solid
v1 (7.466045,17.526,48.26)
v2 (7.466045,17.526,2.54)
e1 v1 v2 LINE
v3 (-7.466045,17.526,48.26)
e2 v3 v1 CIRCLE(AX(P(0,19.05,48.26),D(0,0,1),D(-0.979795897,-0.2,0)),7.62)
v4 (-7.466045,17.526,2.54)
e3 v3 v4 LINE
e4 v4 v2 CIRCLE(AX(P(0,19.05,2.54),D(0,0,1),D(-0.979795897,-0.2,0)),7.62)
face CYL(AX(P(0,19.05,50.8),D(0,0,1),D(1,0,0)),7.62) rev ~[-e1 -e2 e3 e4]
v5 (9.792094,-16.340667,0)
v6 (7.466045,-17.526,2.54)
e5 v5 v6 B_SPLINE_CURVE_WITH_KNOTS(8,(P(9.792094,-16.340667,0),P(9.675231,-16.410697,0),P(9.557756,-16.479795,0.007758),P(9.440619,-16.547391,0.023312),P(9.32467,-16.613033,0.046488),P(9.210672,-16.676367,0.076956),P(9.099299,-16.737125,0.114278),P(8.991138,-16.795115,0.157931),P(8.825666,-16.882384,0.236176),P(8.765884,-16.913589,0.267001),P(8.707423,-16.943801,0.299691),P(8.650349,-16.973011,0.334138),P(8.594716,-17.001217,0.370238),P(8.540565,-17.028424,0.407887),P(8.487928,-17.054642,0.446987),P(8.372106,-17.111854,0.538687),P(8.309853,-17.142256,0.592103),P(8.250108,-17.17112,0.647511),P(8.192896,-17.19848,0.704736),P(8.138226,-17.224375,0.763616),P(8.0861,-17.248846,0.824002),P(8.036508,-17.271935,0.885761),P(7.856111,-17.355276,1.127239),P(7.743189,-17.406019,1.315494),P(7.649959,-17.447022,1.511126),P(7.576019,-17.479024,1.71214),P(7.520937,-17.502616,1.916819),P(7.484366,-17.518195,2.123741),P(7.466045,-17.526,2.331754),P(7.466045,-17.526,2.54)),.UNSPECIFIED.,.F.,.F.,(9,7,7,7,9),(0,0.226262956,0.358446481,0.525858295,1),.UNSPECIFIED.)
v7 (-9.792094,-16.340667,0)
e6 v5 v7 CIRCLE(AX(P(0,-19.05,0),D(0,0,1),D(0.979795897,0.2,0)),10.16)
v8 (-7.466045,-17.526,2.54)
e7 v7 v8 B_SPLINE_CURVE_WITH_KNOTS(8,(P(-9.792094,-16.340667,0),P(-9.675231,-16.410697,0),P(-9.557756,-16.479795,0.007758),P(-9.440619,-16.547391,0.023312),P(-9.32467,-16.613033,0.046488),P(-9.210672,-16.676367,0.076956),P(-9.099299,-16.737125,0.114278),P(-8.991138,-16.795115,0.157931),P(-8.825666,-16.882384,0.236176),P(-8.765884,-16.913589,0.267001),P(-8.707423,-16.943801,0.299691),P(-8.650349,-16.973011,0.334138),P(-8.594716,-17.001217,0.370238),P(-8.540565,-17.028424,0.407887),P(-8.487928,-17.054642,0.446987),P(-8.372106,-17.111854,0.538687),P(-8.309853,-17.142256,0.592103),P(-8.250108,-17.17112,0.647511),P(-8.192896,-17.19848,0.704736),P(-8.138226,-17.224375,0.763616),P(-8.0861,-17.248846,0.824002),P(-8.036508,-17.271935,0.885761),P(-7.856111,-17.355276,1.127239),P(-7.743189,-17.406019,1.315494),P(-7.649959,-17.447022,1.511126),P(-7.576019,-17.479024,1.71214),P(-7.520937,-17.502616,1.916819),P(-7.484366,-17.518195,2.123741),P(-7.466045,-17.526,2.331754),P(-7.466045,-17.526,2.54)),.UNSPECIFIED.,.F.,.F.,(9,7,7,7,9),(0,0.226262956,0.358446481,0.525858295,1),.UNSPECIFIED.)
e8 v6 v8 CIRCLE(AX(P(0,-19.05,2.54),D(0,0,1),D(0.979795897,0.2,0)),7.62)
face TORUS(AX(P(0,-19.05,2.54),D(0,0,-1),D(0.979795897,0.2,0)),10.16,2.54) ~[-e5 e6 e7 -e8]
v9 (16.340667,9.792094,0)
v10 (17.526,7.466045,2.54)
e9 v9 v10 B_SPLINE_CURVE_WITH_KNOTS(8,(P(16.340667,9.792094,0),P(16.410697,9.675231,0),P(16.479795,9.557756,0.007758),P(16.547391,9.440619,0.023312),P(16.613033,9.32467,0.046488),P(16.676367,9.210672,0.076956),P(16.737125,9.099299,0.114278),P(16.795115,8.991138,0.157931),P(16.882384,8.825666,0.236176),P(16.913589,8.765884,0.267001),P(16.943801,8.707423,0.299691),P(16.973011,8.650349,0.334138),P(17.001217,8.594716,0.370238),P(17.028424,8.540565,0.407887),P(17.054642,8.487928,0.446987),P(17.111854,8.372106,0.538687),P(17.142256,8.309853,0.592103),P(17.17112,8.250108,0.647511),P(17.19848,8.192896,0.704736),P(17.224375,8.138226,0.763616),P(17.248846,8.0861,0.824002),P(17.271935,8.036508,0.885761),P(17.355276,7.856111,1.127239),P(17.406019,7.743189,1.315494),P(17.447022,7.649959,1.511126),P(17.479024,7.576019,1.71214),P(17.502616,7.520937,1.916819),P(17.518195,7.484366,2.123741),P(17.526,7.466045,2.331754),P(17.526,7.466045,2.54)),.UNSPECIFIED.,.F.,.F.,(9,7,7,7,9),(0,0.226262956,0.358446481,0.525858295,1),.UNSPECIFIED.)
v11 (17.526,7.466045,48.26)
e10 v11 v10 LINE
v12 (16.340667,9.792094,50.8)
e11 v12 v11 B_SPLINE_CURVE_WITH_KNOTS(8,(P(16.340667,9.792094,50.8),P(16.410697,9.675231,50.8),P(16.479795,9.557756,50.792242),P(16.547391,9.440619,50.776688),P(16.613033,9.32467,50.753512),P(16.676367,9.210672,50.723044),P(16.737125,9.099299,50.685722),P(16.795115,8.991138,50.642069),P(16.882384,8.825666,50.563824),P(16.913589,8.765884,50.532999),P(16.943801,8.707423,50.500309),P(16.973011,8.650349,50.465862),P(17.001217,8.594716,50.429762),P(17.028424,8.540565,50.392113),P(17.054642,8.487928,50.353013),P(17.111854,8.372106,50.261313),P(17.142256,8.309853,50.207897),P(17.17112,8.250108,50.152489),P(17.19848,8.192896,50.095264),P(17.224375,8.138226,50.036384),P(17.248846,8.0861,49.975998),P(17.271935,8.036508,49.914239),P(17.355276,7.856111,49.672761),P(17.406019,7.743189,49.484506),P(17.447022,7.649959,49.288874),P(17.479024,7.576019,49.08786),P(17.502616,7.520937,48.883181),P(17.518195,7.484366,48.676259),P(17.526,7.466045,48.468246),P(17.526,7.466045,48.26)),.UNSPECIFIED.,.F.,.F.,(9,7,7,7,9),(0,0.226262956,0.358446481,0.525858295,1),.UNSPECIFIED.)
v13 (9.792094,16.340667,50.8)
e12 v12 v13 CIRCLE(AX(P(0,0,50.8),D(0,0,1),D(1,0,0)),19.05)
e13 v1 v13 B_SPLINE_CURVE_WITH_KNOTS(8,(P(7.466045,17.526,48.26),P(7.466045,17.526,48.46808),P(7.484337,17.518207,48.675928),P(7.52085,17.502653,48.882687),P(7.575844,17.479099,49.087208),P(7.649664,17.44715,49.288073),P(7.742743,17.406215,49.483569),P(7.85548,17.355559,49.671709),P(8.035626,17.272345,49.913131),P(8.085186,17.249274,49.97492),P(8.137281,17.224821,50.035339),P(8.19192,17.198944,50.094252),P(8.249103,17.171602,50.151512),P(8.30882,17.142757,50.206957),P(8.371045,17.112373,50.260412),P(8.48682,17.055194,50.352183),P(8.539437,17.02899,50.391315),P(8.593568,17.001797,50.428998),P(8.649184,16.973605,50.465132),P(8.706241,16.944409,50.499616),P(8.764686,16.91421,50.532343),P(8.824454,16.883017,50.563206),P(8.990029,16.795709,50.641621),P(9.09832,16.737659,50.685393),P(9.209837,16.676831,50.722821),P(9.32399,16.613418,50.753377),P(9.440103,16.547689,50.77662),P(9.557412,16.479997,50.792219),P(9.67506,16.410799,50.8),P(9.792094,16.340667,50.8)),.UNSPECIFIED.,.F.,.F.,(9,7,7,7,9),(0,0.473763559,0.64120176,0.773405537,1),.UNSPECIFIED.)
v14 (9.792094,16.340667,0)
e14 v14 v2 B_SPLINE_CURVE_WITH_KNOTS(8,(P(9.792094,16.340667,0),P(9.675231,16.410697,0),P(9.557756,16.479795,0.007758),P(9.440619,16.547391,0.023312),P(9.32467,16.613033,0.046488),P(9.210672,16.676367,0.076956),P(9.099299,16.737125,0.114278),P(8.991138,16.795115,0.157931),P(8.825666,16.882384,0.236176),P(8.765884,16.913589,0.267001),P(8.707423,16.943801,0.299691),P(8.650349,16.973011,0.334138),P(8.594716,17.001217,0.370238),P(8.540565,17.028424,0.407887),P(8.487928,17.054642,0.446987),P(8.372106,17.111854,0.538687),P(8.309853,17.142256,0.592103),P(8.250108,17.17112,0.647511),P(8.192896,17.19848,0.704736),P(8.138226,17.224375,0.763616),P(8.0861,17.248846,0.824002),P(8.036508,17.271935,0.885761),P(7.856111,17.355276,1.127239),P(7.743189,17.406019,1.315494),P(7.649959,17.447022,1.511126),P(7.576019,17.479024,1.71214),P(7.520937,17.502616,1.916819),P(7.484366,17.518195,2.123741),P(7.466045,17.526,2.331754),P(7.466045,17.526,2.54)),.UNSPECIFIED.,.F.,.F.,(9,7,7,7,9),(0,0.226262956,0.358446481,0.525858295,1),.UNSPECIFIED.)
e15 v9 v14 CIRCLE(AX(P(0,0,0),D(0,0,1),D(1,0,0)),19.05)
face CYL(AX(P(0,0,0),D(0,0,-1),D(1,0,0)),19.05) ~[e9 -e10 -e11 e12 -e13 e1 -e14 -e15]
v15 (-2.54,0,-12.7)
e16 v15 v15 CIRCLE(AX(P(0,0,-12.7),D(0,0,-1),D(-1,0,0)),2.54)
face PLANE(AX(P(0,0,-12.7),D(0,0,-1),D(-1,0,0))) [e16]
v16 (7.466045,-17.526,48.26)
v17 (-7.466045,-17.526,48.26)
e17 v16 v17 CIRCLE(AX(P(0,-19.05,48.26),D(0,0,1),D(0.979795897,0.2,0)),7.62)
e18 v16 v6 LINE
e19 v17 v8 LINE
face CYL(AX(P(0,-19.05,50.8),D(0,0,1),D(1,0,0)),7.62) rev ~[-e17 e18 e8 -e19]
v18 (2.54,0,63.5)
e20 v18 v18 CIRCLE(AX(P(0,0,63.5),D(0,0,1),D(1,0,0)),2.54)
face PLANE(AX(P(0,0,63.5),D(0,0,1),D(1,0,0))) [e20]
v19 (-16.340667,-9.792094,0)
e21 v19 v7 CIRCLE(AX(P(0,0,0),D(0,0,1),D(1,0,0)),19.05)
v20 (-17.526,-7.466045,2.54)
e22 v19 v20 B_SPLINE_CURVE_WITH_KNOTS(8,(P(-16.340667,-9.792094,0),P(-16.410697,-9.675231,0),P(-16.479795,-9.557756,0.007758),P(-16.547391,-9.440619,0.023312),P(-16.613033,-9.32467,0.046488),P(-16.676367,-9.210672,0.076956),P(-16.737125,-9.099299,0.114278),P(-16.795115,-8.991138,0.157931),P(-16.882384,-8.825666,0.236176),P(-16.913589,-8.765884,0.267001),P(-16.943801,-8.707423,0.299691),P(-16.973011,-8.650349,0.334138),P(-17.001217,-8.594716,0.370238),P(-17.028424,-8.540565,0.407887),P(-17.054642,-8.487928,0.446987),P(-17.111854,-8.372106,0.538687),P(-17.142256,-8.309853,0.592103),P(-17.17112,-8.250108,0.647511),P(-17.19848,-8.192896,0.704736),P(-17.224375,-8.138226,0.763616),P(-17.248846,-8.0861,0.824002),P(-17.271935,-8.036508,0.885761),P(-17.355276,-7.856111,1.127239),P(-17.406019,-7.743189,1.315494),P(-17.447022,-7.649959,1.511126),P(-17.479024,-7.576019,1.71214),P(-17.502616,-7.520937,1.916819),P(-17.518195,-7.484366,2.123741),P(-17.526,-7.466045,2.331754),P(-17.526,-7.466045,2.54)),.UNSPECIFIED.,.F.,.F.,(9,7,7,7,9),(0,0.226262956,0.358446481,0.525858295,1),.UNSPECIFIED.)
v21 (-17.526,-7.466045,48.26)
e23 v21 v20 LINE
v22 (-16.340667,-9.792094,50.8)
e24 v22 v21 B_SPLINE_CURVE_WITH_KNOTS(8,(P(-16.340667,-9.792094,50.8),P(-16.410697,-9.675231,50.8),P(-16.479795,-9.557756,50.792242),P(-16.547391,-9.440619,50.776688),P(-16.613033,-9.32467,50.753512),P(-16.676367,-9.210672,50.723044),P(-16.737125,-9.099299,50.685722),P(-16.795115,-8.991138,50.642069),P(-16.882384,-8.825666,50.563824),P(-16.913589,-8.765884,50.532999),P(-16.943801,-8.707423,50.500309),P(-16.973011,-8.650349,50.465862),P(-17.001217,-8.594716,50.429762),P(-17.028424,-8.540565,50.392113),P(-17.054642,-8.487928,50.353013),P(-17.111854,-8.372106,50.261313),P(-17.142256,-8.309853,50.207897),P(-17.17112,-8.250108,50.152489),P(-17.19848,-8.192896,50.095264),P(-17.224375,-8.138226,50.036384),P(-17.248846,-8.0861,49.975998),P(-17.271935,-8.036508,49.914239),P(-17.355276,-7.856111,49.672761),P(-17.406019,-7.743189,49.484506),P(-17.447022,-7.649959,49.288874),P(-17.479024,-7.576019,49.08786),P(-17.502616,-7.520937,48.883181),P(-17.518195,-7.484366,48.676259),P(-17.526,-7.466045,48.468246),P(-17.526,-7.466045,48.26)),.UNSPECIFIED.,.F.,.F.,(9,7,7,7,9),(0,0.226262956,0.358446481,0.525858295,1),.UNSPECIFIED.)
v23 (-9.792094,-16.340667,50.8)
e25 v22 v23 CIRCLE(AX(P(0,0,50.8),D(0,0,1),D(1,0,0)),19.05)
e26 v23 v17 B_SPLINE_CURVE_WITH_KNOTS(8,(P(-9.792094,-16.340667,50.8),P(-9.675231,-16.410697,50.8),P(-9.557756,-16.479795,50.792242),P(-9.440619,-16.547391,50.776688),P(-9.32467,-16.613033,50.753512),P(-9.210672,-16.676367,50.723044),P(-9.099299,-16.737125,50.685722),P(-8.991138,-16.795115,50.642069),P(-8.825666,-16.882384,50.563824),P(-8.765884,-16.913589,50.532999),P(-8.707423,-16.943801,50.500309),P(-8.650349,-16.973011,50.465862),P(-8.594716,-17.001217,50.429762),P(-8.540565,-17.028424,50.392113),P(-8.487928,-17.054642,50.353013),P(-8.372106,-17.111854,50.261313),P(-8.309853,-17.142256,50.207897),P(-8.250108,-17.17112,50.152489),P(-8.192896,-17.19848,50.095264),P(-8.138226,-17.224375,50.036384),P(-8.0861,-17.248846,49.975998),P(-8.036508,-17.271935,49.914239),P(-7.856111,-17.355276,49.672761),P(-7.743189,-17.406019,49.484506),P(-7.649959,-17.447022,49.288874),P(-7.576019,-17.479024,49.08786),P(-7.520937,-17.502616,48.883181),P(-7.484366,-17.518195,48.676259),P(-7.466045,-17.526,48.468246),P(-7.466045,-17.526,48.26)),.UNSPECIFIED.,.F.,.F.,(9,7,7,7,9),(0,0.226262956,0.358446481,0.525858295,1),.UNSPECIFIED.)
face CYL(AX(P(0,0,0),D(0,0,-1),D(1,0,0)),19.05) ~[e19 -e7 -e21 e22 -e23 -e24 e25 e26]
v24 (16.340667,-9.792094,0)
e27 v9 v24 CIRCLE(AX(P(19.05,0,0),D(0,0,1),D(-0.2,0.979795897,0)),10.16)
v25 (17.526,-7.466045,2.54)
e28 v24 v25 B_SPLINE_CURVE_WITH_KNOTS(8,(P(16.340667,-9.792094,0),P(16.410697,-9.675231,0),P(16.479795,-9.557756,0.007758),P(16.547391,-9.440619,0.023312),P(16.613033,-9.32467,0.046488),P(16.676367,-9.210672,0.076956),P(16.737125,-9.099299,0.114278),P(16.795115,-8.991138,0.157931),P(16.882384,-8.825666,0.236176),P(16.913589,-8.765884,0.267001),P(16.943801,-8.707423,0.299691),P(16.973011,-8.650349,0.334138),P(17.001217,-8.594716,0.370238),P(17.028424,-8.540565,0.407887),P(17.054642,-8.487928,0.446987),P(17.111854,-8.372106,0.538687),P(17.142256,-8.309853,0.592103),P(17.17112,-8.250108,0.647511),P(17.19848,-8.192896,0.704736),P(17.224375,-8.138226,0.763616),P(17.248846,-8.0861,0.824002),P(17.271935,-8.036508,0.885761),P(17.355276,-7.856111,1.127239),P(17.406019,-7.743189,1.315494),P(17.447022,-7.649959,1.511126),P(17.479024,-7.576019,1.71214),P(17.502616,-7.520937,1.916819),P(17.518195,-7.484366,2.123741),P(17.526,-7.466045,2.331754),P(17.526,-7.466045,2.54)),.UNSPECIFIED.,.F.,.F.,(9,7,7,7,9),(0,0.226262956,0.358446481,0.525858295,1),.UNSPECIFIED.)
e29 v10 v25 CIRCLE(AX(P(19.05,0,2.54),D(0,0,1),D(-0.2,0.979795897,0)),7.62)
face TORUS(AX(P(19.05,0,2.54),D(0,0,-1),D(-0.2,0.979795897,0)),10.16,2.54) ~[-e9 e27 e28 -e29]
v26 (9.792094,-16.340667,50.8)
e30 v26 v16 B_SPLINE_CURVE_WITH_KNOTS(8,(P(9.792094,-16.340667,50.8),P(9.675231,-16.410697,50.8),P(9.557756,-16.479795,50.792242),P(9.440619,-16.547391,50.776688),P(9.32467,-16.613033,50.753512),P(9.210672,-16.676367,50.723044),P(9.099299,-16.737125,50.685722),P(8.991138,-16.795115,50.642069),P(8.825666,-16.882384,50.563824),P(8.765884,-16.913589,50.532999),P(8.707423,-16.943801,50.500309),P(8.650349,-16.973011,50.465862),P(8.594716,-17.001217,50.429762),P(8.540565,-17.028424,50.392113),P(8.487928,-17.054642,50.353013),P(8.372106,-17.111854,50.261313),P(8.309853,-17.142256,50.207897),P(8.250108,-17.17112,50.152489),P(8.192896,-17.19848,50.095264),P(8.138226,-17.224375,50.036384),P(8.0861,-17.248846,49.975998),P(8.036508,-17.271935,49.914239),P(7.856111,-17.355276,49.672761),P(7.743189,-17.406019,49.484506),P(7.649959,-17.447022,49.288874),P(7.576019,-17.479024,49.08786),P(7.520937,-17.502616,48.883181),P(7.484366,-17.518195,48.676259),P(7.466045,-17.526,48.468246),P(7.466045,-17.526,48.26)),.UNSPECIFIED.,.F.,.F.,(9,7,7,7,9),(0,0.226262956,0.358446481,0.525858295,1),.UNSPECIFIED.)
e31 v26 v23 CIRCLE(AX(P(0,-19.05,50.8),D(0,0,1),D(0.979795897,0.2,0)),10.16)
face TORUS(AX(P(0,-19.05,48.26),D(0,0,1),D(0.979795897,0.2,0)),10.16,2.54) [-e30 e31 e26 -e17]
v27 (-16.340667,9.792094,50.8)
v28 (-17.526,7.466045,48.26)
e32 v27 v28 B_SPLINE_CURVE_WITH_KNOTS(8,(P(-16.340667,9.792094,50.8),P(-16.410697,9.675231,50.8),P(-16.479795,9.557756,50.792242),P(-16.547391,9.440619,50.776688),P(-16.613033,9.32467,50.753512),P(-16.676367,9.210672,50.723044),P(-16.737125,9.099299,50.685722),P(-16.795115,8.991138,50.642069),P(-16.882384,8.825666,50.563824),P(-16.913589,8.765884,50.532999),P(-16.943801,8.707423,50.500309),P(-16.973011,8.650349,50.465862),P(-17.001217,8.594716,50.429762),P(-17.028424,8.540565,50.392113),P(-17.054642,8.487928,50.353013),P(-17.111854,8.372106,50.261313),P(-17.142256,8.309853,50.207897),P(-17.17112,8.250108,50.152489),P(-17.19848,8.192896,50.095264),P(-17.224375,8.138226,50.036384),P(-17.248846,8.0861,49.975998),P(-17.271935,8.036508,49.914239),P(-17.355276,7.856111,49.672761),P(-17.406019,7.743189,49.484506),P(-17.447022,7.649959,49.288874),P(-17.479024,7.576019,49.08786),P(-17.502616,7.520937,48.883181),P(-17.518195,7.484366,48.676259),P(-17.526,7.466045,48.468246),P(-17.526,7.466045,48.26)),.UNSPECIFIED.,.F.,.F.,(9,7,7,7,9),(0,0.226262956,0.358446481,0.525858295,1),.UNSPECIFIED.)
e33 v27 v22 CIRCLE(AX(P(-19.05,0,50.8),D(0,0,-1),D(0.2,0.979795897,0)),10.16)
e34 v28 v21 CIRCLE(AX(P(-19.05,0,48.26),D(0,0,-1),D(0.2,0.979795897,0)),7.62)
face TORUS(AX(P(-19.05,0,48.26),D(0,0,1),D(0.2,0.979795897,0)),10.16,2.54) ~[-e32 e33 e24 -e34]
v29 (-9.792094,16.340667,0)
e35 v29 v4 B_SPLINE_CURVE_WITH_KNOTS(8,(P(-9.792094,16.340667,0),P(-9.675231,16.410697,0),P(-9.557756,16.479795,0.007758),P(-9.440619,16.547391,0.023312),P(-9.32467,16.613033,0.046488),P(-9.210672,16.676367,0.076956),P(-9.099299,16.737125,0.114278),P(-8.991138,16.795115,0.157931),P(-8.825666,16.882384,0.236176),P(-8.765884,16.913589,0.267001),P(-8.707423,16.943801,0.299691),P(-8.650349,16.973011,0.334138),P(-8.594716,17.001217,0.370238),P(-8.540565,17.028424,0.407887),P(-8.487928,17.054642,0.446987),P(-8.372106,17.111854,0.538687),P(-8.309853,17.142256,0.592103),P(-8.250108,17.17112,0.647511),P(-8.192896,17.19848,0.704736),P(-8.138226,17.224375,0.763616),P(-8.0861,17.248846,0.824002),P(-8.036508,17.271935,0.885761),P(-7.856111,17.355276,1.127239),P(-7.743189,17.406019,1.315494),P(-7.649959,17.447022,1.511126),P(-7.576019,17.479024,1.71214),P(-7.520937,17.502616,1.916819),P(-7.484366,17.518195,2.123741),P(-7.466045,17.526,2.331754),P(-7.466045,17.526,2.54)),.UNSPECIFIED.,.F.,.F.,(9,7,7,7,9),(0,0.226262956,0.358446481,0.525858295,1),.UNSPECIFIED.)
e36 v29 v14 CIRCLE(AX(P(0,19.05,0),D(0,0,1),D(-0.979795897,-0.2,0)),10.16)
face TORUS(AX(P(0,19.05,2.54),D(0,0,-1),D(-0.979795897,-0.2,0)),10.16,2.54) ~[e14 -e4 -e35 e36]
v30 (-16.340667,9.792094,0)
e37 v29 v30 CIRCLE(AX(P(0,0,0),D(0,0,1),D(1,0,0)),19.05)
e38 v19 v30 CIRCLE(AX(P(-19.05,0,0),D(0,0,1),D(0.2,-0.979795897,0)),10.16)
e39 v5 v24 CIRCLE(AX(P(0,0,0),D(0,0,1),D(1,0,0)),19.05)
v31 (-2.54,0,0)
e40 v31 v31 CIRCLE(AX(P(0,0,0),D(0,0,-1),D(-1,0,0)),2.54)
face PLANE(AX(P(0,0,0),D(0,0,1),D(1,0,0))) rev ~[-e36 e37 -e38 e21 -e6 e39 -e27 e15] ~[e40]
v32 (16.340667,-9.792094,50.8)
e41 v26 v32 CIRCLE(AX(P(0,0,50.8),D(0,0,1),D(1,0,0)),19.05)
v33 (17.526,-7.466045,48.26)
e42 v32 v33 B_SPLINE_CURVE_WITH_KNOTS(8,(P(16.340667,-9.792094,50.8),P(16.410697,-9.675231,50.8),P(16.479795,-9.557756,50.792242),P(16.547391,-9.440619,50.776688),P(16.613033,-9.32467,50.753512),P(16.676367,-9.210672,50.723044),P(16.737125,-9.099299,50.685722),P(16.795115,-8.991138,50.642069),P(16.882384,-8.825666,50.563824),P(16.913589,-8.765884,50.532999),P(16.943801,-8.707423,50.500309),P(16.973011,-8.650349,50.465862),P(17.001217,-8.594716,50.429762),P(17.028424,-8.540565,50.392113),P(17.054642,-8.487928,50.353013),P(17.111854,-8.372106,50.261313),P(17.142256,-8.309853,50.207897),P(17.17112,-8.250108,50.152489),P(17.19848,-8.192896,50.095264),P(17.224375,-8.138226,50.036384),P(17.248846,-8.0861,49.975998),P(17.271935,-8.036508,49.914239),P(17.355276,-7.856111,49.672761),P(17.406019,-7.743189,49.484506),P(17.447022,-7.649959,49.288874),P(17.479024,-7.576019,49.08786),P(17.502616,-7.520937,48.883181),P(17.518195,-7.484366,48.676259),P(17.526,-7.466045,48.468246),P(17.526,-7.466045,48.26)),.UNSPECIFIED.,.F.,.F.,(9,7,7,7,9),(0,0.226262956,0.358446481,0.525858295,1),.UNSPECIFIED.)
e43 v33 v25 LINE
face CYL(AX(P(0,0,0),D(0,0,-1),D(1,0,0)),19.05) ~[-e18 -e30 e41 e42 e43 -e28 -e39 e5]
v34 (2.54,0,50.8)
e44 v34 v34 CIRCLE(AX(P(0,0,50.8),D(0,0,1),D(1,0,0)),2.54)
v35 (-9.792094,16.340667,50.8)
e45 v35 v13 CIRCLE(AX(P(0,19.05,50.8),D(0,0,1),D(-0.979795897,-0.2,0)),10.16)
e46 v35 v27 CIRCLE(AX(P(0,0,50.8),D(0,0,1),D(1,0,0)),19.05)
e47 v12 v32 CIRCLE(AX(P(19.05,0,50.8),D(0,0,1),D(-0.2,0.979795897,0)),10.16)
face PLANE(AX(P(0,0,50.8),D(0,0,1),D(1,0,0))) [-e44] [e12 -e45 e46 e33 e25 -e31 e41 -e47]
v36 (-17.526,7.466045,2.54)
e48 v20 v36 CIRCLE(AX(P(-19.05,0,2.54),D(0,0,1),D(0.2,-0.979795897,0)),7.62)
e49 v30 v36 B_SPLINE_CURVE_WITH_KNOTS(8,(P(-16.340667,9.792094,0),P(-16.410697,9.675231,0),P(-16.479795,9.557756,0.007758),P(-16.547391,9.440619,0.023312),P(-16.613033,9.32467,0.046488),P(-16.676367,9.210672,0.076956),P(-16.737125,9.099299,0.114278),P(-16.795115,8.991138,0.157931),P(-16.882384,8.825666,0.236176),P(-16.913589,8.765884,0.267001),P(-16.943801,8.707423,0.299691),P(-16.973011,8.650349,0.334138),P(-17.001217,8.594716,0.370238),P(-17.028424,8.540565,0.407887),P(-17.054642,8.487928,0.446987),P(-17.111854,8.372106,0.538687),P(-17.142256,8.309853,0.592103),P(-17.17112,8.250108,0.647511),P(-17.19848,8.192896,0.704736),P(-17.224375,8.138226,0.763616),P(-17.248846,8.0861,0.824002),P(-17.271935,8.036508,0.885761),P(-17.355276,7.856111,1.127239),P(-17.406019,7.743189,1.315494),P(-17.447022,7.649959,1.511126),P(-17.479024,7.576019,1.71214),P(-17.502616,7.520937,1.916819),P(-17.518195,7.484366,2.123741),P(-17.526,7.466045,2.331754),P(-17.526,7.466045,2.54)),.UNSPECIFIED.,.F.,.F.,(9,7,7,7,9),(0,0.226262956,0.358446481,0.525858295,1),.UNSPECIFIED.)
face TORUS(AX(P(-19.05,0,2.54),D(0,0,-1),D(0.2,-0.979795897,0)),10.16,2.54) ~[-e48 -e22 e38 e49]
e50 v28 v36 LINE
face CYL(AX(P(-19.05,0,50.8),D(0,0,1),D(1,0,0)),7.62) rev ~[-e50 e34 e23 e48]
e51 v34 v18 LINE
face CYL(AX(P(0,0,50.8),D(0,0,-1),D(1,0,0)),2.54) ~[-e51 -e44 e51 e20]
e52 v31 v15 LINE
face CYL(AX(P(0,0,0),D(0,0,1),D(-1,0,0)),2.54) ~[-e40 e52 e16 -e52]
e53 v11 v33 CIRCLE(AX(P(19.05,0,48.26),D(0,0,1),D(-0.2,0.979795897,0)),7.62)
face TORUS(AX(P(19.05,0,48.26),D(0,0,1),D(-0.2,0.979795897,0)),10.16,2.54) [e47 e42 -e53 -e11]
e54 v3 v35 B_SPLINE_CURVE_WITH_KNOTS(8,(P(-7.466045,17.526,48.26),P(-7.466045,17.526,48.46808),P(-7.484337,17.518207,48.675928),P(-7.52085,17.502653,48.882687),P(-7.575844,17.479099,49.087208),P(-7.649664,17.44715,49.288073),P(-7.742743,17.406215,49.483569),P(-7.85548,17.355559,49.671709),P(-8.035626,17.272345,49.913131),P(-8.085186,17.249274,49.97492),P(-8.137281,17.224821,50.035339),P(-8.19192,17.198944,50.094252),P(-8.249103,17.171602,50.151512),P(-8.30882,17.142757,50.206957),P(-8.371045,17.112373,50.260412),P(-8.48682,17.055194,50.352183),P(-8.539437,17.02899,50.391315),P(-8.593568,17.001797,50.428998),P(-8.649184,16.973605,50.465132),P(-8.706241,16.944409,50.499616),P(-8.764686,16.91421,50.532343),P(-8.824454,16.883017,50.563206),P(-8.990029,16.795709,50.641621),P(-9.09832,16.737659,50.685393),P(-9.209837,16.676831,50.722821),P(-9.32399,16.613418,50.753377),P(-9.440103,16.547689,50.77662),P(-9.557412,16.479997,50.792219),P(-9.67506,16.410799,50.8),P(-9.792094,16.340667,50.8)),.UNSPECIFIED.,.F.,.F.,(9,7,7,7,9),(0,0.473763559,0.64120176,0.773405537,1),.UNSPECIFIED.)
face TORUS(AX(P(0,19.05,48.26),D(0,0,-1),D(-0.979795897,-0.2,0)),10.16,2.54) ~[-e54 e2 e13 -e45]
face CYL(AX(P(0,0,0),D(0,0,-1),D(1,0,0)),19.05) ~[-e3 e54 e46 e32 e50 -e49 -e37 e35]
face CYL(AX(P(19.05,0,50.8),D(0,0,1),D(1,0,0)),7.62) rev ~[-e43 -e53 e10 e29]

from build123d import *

# Parameters (mm, degrees)
SKETCH2_R           = 19.05
BOSS_EXTRUDE1_DEPTH = 50.8
SKETCH5_R           = 7.62
CUT_EXTRUDE2_DEPTH  = 51.8
SKETCH6_R           = 2.54
BOSS_EXTRUDE2_DEPTH = 12.7
SKETCH7_R           = 2.54
BOSS_EXTRUDE3_DEPTH = 12.7
FILLET1_R           = 2.54


with BuildPart() as part:
    # Sketch2 → Boss-Extrude1 (new body)
    with BuildSketch(Plane.XY):
        Circle(SKETCH2_R)
    extrude(amount=BOSS_EXTRUDE1_DEPTH)

    # Sketch5 → Cut-Extrude2 (cut, through all)
    with BuildSketch(Plane.XY.offset(50.8)):
        with Locations((0, 19.05)):
            Circle(SKETCH5_R)
        with Locations((19.05, 0)):
            Circle(SKETCH5_R)
        with Locations((0, -19.05)):
            Circle(SKETCH5_R)
        with Locations((-19.05, 0)):
            Circle(SKETCH5_R)
    extrude(amount=-CUT_EXTRUDE2_DEPTH, mode=Mode.SUBTRACT)

    # Sketch6 → Boss-Extrude2 (add)
    with BuildSketch(Plane.XY.offset(50.8)):
        Circle(SKETCH6_R)
    extrude(amount=BOSS_EXTRUDE2_DEPTH)

    # Sketch7 → Boss-Extrude3 (add)
    with BuildSketch(Plane(origin=(0, 0, 0), x_dir=(-1, 0, 0), z_dir=(0, 0, -1))):
        Circle(SKETCH7_R)
    extrude(amount=BOSS_EXTRUDE3_DEPTH)

    # Fillet1
    fillet1_edges = [part.edges().sort_by_distance(p)[0] for p in [
        (0, 11.43, 50.8),
        (0, 11.43, 0),
        (11.43, 0, 50.8),
        (11.43, 0, 0),
        (0, -11.43, 50.8),
        (0, -11.43, 0),
        (-11.43, 0, 50.8),
        (-11.43, 0, 0),
    ]]
    fillet(fillet1_edges, radius=FILLET1_R)


solid = part.part
